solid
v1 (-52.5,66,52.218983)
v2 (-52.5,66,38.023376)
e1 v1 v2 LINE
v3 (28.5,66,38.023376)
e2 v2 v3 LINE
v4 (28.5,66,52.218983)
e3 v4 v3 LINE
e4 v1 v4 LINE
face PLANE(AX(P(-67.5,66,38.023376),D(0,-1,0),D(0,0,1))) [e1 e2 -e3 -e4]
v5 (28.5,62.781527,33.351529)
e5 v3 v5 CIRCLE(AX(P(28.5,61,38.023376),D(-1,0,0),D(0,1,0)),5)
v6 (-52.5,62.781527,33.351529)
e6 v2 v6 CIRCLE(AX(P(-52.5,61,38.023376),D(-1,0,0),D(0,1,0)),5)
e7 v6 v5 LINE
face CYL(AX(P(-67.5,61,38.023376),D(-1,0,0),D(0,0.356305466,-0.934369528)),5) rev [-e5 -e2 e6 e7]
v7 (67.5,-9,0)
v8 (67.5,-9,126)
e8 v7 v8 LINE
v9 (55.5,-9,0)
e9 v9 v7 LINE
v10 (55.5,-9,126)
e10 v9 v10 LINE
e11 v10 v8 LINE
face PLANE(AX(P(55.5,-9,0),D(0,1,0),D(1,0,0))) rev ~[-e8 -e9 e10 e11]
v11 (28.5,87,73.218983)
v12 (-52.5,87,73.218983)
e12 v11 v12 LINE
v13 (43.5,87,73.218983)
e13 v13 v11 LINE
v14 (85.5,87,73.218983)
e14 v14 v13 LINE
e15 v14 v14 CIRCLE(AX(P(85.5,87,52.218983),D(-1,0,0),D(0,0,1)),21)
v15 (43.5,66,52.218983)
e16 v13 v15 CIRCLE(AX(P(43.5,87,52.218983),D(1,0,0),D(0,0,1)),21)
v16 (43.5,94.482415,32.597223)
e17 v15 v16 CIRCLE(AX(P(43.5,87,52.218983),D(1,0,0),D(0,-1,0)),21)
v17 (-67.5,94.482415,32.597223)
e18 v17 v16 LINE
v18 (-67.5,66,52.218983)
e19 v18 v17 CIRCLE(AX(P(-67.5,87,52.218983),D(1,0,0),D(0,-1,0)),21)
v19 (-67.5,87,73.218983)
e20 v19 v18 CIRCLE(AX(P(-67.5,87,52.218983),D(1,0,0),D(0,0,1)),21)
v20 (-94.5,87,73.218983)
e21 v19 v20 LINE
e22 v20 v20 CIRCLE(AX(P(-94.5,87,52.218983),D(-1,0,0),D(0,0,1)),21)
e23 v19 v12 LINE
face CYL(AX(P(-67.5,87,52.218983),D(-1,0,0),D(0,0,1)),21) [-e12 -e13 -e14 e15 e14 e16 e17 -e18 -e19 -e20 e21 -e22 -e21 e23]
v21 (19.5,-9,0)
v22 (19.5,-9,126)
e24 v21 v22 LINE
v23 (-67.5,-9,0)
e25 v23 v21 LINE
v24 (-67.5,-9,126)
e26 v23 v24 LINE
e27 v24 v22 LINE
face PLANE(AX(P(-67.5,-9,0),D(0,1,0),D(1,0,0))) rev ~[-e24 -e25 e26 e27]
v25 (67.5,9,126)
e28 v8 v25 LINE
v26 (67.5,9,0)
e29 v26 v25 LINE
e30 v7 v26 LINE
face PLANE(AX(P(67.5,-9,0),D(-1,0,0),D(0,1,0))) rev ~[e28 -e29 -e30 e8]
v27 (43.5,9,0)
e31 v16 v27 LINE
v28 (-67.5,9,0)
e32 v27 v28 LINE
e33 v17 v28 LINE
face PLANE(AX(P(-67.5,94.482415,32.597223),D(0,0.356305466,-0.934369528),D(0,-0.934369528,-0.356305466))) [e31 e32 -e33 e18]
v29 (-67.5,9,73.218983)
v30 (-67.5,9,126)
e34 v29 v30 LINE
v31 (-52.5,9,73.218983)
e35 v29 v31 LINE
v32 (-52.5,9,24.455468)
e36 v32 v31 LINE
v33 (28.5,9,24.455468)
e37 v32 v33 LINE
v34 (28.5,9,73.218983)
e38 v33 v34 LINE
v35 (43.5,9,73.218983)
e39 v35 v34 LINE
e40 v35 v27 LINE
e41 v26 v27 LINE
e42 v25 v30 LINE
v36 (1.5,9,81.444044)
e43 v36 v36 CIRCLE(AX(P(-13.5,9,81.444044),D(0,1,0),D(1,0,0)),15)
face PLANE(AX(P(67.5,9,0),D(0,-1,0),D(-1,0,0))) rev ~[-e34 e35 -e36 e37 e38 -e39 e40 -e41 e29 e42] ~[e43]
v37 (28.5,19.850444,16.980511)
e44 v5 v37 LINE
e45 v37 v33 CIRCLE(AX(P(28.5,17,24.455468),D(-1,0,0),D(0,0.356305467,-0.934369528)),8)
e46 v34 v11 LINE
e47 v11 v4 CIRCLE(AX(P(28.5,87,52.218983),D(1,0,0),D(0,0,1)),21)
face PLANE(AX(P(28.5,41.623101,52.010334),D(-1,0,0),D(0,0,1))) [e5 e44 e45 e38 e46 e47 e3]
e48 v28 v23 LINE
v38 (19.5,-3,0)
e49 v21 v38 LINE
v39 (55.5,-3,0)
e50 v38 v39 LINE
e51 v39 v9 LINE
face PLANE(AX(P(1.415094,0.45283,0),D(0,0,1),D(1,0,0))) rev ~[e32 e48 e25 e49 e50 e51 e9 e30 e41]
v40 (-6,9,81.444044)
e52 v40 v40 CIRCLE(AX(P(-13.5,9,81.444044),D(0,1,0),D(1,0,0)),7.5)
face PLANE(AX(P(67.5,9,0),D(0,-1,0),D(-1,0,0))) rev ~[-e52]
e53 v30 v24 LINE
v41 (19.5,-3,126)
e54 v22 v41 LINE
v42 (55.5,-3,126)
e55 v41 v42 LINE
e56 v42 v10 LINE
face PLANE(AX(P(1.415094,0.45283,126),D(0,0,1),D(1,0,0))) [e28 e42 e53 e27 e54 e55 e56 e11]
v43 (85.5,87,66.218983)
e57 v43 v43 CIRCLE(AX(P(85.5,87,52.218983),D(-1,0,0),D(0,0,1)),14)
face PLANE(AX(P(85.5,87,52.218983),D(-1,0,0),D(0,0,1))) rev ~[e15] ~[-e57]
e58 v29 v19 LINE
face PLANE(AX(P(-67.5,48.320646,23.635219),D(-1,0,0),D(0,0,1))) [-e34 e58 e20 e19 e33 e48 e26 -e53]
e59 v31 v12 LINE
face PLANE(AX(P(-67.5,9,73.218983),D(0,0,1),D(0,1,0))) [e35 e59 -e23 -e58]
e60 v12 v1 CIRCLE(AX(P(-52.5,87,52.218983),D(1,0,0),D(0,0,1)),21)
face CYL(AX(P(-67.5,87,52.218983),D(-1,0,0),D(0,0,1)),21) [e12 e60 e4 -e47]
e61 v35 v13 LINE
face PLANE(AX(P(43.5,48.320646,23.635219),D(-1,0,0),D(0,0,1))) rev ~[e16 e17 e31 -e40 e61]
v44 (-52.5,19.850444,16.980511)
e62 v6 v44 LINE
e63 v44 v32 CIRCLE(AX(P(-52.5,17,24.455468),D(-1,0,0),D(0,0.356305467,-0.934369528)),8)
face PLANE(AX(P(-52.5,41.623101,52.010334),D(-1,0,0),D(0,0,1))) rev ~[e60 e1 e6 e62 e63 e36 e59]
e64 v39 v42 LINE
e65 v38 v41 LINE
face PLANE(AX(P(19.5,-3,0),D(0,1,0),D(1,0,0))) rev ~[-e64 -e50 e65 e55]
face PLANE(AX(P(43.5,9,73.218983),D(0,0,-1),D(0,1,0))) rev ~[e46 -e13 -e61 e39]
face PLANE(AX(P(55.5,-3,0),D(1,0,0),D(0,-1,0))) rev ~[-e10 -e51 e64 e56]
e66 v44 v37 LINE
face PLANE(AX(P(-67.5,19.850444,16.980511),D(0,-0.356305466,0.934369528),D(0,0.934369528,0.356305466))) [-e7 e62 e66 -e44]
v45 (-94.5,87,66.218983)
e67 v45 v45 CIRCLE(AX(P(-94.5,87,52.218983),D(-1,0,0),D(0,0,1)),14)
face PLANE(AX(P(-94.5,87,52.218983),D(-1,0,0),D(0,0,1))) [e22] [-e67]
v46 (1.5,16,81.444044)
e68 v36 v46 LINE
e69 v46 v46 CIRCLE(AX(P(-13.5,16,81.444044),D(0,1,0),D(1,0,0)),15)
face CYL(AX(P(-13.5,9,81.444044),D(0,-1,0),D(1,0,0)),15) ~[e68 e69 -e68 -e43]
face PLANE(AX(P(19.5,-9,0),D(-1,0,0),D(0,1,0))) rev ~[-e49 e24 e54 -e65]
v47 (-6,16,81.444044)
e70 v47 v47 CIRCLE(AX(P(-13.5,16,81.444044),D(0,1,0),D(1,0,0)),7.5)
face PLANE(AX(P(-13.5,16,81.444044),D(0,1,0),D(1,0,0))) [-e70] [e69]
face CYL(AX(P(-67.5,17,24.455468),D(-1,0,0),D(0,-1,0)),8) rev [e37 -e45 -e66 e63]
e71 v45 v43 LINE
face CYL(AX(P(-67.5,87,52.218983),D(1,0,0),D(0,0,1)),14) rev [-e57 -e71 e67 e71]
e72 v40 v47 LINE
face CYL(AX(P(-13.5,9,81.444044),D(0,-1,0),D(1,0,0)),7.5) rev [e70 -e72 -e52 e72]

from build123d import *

# Parameters (mm, degrees)
BOSS_EXTRUDE1_DEPTH      = 126
SKETCH2_R                = 21
SKETCH2_R_2              = 14
BOSS_EXTRUDE4_DEPTH      = 27
BOSS_EXTRUDE4_DEPTH_BACK = 153
BOSS_EXTRUDE5_DEPTH      = 15
BOSS_EXTRUDE7_DEPTH      = 15
BOSS_EXTRUDE8_DEPTH      = 111
SKETCH11_R               = 15
SKETCH11_R_2             = 7.5
BOSS_EXTRUDE9_DEPTH      = 7


with BuildPart() as part:
    # Sketch1 → Boss-Extrude1 (new body)
    with BuildSketch(Plane.XY):
        Polygon((19.5, -9), (19.5, -3), (55.5, -3), (55.5, -9), (67.5, -9), (67.5, 9), (-67.5, 9), (-67.5, -9), align=None)
    extrude(amount=BOSS_EXTRUDE1_DEPTH)



with BuildPart() as body_2:
    # Sketch2 → Boss-Extrude4 (new body, two sides)
    with BuildSketch(Plane.ZY.offset(67.5)) as boss_extrude4_sk:
        with Locations((52.218982883, 87)):
            Circle(SKETCH2_R)
        with Locations((52.218982883, 87)):
            Circle(SKETCH2_R_2, mode=Mode.SUBTRACT)
    extrude(amount=BOSS_EXTRUDE4_DEPTH)
    extrude(boss_extrude4_sk.sketch, amount=-BOSS_EXTRUDE4_DEPTH_BACK)


with BuildPart() as part_1:
    add(part.part)

    add(body_2.part)  # Boss-Extrude5 merges body 2
    # Sketch3 → Boss-Extrude5 (add)
    with BuildSketch(Plane.ZY.offset(67.5)):
        with BuildLine():
            Line((73.218982883, 9), (73.218982883, 87))
            ThreePointArc((73.218982883, 87), (67.068225288, 72.150757595), (52.218982883, 66))
            Line((52.218982883, 66), (38.0233764, 66))
            ThreePointArc((38.0233764, 66), (35.18679718, 65.117501467), (33.351528761, 62.781527332))
            Line((33.351528761, 62.781527332), (16.980511395, 19.850443731))
            ThreePointArc((16.980511395, 19.850443731), (17.86746527, 12.461473248), (24.455467618, 9))
            Line((24.455467618, 9), (73.218982883, 9))
        make_face()
    extrude(amount=-BOSS_EXTRUDE5_DEPTH)

    # Sketch7 → Boss-Extrude7 (add)
    with BuildSketch(Plane.ZY.offset(-43.5)):
        with BuildLine():
            Line((73.218982883, 9), (73.218982883, 87))
            ThreePointArc((73.218982883, 87), (67.068225288, 72.150757595), (52.218982883, 66))
            Line((52.218982883, 66), (38.0233764, 66))
            ThreePointArc((38.0233764, 66), (35.18679718, 65.117501467), (33.351528761, 62.781527332))
            Line((33.351528761, 62.781527332), (16.980511395, 19.850443731))
            ThreePointArc((16.980511395, 19.850443731), (17.86746527, 12.461473248), (24.455467618, 9))
            Line((24.455467618, 9), (73.218982883, 9))
        make_face()
    extrude(amount=BOSS_EXTRUDE7_DEPTH)

    # Sketch4 → Boss-Extrude8 (add)
    with BuildSketch(Plane.ZY.offset(67.5)):
        with BuildLine():
            ThreePointArc((52.218982883, 66), (34.925476722, 75.086367277), (32.597222798, 94.482414795))
            Line((32.597222798, 94.482414795), (0, 9))
            Line((0, 9), (24.455467618, 9))
            ThreePointArc((24.455467618, 9), (17.86746527, 12.461473248), (16.980511395, 19.850443731))
            Line((16.980511395, 19.850443731), (33.351528761, 62.781527332))
            ThreePointArc((33.351528761, 62.781527332), (35.18679718, 65.117501467), (38.0233764, 66))
            Line((38.0233764, 66), (52.218982883, 66))
        make_face()
    extrude(amount=-BOSS_EXTRUDE8_DEPTH)

    # Sketch11 → Boss-Extrude9 (add)
    with BuildSketch(Plane(origin=(0, 9, 0), x_dir=(1, 0, 0), z_dir=(0, 1, 0))):
        with Locations((-13.5, -81.444044499)):
            Circle(SKETCH11_R)
        with Locations((-13.5, -81.444044499)):
            Circle(SKETCH11_R_2, mode=Mode.SUBTRACT)
    extrude(amount=BOSS_EXTRUDE9_DEPTH)


solid = part_1.part
